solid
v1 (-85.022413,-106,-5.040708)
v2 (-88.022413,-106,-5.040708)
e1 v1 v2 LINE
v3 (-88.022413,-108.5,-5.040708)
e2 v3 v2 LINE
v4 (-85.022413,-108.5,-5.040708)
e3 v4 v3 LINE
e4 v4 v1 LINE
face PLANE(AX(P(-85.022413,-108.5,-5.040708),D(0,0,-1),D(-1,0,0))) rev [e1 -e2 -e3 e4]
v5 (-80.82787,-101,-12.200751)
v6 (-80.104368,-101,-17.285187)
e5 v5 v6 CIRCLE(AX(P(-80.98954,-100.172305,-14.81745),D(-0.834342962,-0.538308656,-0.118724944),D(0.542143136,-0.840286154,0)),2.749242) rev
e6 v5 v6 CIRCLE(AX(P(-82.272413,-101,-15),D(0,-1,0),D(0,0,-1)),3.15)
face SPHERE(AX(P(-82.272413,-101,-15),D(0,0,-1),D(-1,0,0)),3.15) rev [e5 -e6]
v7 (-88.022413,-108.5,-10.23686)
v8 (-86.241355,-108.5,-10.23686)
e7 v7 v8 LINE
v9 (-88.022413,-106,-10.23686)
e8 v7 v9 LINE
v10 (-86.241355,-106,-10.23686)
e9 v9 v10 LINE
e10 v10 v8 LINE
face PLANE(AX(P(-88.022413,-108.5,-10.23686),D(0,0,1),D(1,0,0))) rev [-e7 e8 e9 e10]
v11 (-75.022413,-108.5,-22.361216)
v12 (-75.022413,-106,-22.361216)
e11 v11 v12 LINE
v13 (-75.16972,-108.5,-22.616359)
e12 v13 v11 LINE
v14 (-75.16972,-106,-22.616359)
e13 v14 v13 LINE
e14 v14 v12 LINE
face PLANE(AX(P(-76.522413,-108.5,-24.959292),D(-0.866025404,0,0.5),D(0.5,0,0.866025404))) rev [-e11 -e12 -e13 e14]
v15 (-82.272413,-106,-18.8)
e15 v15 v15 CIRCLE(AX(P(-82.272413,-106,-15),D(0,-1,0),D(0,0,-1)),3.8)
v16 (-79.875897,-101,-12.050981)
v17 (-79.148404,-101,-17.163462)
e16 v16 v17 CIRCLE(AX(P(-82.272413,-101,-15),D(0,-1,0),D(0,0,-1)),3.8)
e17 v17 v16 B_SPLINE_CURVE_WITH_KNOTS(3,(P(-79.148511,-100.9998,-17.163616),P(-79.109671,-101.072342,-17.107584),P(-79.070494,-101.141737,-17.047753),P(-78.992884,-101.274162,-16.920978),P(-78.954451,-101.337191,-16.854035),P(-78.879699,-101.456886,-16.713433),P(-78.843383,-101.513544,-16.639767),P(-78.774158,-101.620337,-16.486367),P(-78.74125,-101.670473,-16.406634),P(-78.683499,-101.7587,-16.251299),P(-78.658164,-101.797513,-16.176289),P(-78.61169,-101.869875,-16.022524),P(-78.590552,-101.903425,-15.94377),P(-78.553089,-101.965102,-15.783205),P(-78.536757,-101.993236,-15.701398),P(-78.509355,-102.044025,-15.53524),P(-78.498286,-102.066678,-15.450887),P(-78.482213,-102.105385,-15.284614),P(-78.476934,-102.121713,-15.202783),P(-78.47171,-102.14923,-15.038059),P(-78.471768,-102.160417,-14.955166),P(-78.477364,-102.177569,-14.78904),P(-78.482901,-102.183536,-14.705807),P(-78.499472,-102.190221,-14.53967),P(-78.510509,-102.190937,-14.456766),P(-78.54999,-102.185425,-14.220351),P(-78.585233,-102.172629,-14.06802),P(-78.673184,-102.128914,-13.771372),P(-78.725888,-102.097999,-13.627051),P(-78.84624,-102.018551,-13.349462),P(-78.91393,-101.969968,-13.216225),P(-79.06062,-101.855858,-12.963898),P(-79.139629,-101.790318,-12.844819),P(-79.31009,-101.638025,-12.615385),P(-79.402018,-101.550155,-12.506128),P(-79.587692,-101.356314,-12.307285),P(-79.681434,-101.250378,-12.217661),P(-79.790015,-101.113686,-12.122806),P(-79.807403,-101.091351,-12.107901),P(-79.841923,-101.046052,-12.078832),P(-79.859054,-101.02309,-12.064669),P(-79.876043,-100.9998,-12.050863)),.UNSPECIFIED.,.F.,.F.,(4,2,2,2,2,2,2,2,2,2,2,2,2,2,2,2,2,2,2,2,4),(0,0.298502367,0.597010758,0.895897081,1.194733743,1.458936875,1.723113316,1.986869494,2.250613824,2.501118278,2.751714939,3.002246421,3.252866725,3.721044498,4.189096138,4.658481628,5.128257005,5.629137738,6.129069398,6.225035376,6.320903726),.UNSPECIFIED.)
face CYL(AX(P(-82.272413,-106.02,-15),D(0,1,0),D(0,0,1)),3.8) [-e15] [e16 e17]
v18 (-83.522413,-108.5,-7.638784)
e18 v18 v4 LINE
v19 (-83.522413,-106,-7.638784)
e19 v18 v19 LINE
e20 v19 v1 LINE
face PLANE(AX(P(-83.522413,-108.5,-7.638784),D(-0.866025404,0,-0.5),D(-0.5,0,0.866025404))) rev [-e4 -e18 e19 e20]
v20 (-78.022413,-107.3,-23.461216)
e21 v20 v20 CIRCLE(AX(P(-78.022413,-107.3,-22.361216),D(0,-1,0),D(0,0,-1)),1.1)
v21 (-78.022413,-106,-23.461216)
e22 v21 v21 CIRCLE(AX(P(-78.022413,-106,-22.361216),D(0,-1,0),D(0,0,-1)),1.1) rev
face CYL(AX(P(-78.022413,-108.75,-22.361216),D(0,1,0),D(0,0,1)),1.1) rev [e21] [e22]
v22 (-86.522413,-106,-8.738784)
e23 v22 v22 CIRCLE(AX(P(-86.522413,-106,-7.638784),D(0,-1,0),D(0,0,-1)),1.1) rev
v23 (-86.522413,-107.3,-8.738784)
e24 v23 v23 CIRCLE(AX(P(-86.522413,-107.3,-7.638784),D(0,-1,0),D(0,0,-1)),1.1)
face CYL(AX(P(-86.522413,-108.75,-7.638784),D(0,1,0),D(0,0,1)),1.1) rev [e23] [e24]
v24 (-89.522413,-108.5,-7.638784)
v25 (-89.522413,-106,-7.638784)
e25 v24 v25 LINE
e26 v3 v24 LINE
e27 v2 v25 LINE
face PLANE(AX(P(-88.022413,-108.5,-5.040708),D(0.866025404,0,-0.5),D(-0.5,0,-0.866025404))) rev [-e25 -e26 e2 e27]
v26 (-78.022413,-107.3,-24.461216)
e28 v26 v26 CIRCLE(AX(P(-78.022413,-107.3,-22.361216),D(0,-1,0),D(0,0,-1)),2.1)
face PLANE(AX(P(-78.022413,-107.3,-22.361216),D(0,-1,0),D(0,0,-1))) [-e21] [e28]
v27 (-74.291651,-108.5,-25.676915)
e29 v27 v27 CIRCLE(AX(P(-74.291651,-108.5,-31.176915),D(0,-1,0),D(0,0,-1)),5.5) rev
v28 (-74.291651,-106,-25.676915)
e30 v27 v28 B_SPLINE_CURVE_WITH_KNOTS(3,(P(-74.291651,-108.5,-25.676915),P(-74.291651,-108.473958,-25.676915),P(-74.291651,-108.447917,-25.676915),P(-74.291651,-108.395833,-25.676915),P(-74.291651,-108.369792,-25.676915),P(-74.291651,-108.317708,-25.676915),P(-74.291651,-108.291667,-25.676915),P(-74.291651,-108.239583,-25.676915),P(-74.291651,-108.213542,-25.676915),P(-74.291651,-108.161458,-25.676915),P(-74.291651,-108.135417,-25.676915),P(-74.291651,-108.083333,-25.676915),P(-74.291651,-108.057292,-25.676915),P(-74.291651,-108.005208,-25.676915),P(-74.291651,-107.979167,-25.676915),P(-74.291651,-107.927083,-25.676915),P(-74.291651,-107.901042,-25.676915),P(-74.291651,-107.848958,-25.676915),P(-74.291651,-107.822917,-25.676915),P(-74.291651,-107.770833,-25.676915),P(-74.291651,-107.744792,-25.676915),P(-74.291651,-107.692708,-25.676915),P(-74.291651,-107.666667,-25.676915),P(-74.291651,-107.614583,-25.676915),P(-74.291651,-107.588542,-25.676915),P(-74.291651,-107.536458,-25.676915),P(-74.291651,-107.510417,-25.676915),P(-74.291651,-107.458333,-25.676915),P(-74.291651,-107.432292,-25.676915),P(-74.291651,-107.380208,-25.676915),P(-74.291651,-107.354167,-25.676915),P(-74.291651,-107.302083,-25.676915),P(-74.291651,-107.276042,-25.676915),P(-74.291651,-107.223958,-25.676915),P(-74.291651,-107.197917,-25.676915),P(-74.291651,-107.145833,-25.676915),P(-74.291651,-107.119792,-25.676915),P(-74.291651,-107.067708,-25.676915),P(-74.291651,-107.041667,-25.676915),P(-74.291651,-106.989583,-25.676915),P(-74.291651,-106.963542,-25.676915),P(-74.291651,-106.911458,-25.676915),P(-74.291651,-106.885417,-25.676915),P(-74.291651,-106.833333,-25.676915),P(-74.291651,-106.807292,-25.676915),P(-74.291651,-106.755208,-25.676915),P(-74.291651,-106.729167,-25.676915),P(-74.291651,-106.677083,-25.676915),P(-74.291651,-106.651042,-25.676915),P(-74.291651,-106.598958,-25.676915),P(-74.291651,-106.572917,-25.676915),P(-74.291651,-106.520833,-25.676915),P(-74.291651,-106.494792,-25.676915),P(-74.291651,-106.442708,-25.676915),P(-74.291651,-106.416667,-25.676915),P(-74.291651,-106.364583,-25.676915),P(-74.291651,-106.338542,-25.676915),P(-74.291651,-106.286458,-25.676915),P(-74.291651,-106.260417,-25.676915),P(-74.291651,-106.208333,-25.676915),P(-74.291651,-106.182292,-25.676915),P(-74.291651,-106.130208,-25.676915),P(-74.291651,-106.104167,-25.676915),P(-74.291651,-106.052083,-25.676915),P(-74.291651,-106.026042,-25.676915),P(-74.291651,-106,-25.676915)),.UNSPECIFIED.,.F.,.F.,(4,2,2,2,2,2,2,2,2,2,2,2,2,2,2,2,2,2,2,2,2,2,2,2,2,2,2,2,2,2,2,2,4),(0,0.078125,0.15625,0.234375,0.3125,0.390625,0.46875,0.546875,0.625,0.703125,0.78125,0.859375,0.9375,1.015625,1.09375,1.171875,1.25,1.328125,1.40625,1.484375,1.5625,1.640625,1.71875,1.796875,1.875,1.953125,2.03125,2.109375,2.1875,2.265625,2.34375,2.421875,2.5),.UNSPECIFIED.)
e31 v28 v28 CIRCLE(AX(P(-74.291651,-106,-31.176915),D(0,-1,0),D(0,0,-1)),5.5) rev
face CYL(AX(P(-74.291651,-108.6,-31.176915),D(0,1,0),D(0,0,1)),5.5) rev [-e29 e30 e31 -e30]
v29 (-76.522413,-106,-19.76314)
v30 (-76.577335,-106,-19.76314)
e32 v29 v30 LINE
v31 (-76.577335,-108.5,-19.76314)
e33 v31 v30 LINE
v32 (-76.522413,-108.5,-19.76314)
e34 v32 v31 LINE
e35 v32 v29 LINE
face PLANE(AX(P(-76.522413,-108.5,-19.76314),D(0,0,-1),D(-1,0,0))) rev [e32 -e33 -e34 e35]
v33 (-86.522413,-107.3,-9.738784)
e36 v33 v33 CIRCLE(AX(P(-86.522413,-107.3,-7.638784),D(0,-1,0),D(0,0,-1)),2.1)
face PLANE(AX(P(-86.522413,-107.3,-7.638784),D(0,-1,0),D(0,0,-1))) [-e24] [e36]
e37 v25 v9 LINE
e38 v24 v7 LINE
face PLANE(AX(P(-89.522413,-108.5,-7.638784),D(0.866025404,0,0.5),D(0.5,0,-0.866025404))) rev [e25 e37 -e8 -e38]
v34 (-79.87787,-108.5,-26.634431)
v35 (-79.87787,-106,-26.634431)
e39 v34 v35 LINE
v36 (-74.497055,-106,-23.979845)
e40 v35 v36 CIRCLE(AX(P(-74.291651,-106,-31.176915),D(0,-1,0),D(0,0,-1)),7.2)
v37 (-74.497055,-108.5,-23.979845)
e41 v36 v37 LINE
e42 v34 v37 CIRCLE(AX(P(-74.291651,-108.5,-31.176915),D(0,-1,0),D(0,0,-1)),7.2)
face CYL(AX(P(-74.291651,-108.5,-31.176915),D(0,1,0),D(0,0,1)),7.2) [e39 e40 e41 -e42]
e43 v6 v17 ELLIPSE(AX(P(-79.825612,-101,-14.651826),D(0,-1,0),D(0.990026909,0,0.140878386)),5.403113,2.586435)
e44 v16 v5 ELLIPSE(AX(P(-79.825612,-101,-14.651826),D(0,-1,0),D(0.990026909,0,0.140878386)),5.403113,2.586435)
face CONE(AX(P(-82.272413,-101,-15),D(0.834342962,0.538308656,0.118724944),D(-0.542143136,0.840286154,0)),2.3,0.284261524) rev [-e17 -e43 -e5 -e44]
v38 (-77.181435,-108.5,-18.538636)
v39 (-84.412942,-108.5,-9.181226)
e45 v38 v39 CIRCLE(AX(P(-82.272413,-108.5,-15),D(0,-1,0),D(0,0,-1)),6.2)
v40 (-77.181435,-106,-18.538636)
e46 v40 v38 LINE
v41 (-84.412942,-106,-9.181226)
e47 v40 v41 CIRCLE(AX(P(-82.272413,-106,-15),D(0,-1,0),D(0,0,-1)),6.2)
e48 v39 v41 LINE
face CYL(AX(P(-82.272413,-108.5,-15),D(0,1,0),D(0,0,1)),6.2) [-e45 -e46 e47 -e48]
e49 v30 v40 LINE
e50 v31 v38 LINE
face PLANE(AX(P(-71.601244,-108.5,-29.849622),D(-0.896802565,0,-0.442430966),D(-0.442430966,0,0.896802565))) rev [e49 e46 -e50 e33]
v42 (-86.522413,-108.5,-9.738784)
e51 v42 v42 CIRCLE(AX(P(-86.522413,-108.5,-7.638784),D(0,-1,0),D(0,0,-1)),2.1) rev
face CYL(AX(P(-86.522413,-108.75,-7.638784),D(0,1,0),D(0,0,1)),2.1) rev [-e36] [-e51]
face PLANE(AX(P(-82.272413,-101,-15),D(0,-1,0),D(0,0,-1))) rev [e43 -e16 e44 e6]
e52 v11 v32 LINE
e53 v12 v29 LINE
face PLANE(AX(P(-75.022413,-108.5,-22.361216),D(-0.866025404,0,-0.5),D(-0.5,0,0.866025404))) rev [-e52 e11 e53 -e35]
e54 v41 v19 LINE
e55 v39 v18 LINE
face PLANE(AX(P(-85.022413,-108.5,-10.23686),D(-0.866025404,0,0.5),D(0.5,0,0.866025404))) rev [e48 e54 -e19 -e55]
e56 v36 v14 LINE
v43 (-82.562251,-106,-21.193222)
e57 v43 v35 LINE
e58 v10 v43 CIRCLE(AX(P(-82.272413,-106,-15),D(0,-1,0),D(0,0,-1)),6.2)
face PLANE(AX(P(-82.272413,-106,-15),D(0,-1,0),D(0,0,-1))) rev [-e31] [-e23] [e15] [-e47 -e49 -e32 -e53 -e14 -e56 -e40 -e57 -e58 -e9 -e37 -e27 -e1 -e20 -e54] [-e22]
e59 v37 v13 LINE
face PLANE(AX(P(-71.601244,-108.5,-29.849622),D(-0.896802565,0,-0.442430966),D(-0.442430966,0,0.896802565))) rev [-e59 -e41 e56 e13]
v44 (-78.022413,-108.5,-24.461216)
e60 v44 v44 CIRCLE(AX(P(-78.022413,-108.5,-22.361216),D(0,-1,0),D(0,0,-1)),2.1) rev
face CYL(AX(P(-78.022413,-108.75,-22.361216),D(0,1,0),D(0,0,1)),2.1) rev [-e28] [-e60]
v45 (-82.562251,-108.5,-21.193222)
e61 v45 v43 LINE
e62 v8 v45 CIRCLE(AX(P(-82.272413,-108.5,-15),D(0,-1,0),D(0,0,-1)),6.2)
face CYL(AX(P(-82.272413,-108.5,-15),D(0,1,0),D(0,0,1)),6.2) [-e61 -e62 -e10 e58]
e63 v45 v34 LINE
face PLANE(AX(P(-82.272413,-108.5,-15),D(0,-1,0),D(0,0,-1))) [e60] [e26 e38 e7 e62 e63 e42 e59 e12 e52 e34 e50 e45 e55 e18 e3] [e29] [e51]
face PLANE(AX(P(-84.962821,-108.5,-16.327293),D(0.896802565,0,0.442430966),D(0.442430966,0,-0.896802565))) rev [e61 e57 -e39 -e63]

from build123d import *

# Parameters (mm, degrees)
RETAINER_FEATURE_1_PROFILE_R  = 3.8
RETAINER_FEATURE_1_DEPTH      = 5.02
RETAINER_FEATURE_2_PROFILE_R  = 6.2
RETAINER_FEATURE_2_DEPTH      = 2.5
RETAINER_FEATURE_5_DEPTH      = 2.5
RETAINER_FEATURE_8_DEPTH      = 2.5
RETAINER_FEATURE_12_DEPTH     = 2.5
RETAINER_FEATURE_13_PROFILE_R = 7.2
RETAINER_FEATURE_13_DEPTH     = 2.5
RETAINER_FEATURE_14_PROFILE_R = 5.5
RETAINER_FEATURE_14_DEPTH     = 2.7
RETAINER_FEATURE_15_PROFILE_R = 1.1
RETAINER_FEATURE_15_DEPTH     = 3.75
RETAINER_FEATURE_16_PROFILE_R = 2.1
RETAINER_FEATURE_16_DEPTH     = 1.45
RETAINER_FEATURE_17_PROFILE_R = 1.1
RETAINER_FEATURE_17_DEPTH     = 3.75
RETAINER_FEATURE_18_PROFILE_R = 2.1
RETAINER_FEATURE_18_DEPTH     = 1.45


with BuildPart() as part:
    # Retainer Feature 1 profile → Retainer Feature 1 (new body)
    with BuildSketch(Plane(origin=(0, -101, 0), x_dir=(-1, 0, 0), z_dir=(0, -1, 0))):
        with Locations(Location((82.27241336, 15, 0), (0, 0, 90))):
            Circle(RETAINER_FEATURE_1_PROFILE_R)
    extrude(amount=RETAINER_FEATURE_1_DEPTH)

    # Retainer Feature 2 profile → Retainer Feature 2 (add)
    with BuildSketch(Plane(origin=(0, -106, 0), x_dir=(-1, 0, 0), z_dir=(0, -1, 0))):
        with Locations(Location((82.27241336, 15, 0), (0, 0, 90))):
            Circle(RETAINER_FEATURE_2_PROFILE_R)
    extrude(amount=RETAINER_FEATURE_2_DEPTH)

    # Middle Right Floating Compression Ball R → Retainer Feature 5 (add)
    with BuildSketch(Plane(origin=(0, -106, 0), x_dir=(-1, 0, 0), z_dir=(0, -1, 0))):
        Polygon((83.52241336, 7.638784068), (85.02241336, 5.040707856), (88.02241336, 5.040707856), (89.52241336, 7.638784068), (88.02241336, 10.236860279), (85.02241336, 10.236860279), align=None)
    extrude(amount=RETAINER_FEATURE_5_DEPTH)

    # Middle Right Floating Compression Ba 2 → Retainer Feature 8 (add)
    with BuildSketch(Plane(origin=(0, -106, 0), x_dir=(-1, 0, 0), z_dir=(0, -1, 0))):
        Polygon((75.02241336, 22.361215932), (76.52241336, 19.763139721), (79.52241336, 19.763139721), (81.02241336, 22.361215932), (79.52241336, 24.959292144), (76.52241336, 24.959292144), align=None)
    extrude(amount=RETAINER_FEATURE_8_DEPTH)

    # Retainer Feature 9 profile → Retainer Feature 9 (revolve, cut)
    with BuildSketch(Plane(origin=(0, -101, 0), x_dir=(-1, 0, 0), z_dir=(0, -1, 0))):
        with BuildLine():
            Line((82.27241336, 11.85), (82.27241336, 18.15))
            ThreePointArc((82.27241336, 18.15), (79.12241336, 15), (82.27241336, 11.85))
        make_face()
    revolve(axis=Axis((-82.27241336, -101, -25), (0, 0, 1)), mode=Mode.SUBTRACT)

    # Middle Right Floating Compression Ba 3 → Retainer Feature 12 (add)
    with BuildSketch(Plane(origin=(0, -106, 0), x_dir=(-1, 0, 0), z_dir=(0, -1, 0))):
        Polygon((84.962821054, 16.327292899), (76.98205894, 32.504207435), (71.601243552, 29.849621637), (79.582005666, 13.672707101), align=None)
    extrude(amount=RETAINER_FEATURE_12_DEPTH)

    # Retainer Feature 13 profile → Retainer Feature 13 (add)
    with BuildSketch(Plane(origin=(0, -106, 0), x_dir=(-1, 0, 0), z_dir=(0, -1, 0))):
        with Locations((74.291651246, 31.176914536)):
            Circle(RETAINER_FEATURE_13_PROFILE_R)
    extrude(amount=RETAINER_FEATURE_13_DEPTH)

    # Retainer Feature 14 profile → Retainer Feature 14 (cut)
    with BuildSketch(Plane(origin=(0, -105.9, 0), x_dir=(-1, 0, 0), z_dir=(0, -1, 0))):
        with Locations(Location((74.291651246, 31.176914536, 0), (0, 0, 270))):
            Circle(RETAINER_FEATURE_14_PROFILE_R)
    extrude(amount=RETAINER_FEATURE_14_DEPTH, mode=Mode.SUBTRACT)

    # Retainer Feature 15 profile → Retainer Feature 15 (cut)
    with BuildSketch(Plane(origin=(0, -105, 0), x_dir=(-1, 0, 0), z_dir=(0, -1, 0))):
        with Locations(Location((86.52241336, 7.638784068, 0), (0, 0, 90))):
            Circle(RETAINER_FEATURE_15_PROFILE_R)
    extrude(amount=RETAINER_FEATURE_15_DEPTH, mode=Mode.SUBTRACT)

    # Retainer Feature 16 profile → Retainer Feature 16 (cut)
    with BuildSketch(Plane(origin=(0, -107.3, 0), x_dir=(-1, 0, 0), z_dir=(0, -1, 0))):
        with Locations(Location((86.52241336, 7.638784068, 0), (0, 0, 90))):
            Circle(RETAINER_FEATURE_16_PROFILE_R)
    extrude(amount=RETAINER_FEATURE_16_DEPTH, mode=Mode.SUBTRACT)

    # Retainer Feature 17 profile → Retainer Feature 17 (cut)
    with BuildSketch(Plane(origin=(0, -105, 0), x_dir=(-1, 0, 0), z_dir=(0, -1, 0))):
        with Locations(Location((78.02241336, 22.361215932, 0), (0, 0, 90))):
            Circle(RETAINER_FEATURE_17_PROFILE_R)
    extrude(amount=RETAINER_FEATURE_17_DEPTH, mode=Mode.SUBTRACT)

    # Retainer Feature 18 profile → Retainer Feature 18 (cut)
    with BuildSketch(Plane(origin=(0, -107.3, 0), x_dir=(-1, 0, 0), z_dir=(0, -1, 0))):
        with Locations(Location((78.02241336, 22.361215932, 0), (0, 0, 90))):
            Circle(RETAINER_FEATURE_18_PROFILE_R)
    extrude(amount=RETAINER_FEATURE_18_DEPTH, mode=Mode.SUBTRACT)

    # Articulation Throat Sketch → Articulation Throat (revolve, cut)
    with BuildSketch(Plane(origin=(21.848129609, -32.292361412, -7.122138515), x_dir=(-0.8343429620590533, -0.5383086561091639, -0.11872494439026368), z_dir=(0.551245699903886, -0.8147619813060818, -0.17969722356136372))):
        Polygon((124.793457491, -7.104979762), (124.793457491, -4.804979762), (101.793457491, 1.915020238), (101.793457491, -7.104979762), align=None)
    revolve(axis=Axis((-90.61584298, -106.383086561, -16.187249444), (0.8343429620590537, 0.5383086561091633, 0.11872494439026321)), mode=Mode.SUBTRACT)


solid = part.part
